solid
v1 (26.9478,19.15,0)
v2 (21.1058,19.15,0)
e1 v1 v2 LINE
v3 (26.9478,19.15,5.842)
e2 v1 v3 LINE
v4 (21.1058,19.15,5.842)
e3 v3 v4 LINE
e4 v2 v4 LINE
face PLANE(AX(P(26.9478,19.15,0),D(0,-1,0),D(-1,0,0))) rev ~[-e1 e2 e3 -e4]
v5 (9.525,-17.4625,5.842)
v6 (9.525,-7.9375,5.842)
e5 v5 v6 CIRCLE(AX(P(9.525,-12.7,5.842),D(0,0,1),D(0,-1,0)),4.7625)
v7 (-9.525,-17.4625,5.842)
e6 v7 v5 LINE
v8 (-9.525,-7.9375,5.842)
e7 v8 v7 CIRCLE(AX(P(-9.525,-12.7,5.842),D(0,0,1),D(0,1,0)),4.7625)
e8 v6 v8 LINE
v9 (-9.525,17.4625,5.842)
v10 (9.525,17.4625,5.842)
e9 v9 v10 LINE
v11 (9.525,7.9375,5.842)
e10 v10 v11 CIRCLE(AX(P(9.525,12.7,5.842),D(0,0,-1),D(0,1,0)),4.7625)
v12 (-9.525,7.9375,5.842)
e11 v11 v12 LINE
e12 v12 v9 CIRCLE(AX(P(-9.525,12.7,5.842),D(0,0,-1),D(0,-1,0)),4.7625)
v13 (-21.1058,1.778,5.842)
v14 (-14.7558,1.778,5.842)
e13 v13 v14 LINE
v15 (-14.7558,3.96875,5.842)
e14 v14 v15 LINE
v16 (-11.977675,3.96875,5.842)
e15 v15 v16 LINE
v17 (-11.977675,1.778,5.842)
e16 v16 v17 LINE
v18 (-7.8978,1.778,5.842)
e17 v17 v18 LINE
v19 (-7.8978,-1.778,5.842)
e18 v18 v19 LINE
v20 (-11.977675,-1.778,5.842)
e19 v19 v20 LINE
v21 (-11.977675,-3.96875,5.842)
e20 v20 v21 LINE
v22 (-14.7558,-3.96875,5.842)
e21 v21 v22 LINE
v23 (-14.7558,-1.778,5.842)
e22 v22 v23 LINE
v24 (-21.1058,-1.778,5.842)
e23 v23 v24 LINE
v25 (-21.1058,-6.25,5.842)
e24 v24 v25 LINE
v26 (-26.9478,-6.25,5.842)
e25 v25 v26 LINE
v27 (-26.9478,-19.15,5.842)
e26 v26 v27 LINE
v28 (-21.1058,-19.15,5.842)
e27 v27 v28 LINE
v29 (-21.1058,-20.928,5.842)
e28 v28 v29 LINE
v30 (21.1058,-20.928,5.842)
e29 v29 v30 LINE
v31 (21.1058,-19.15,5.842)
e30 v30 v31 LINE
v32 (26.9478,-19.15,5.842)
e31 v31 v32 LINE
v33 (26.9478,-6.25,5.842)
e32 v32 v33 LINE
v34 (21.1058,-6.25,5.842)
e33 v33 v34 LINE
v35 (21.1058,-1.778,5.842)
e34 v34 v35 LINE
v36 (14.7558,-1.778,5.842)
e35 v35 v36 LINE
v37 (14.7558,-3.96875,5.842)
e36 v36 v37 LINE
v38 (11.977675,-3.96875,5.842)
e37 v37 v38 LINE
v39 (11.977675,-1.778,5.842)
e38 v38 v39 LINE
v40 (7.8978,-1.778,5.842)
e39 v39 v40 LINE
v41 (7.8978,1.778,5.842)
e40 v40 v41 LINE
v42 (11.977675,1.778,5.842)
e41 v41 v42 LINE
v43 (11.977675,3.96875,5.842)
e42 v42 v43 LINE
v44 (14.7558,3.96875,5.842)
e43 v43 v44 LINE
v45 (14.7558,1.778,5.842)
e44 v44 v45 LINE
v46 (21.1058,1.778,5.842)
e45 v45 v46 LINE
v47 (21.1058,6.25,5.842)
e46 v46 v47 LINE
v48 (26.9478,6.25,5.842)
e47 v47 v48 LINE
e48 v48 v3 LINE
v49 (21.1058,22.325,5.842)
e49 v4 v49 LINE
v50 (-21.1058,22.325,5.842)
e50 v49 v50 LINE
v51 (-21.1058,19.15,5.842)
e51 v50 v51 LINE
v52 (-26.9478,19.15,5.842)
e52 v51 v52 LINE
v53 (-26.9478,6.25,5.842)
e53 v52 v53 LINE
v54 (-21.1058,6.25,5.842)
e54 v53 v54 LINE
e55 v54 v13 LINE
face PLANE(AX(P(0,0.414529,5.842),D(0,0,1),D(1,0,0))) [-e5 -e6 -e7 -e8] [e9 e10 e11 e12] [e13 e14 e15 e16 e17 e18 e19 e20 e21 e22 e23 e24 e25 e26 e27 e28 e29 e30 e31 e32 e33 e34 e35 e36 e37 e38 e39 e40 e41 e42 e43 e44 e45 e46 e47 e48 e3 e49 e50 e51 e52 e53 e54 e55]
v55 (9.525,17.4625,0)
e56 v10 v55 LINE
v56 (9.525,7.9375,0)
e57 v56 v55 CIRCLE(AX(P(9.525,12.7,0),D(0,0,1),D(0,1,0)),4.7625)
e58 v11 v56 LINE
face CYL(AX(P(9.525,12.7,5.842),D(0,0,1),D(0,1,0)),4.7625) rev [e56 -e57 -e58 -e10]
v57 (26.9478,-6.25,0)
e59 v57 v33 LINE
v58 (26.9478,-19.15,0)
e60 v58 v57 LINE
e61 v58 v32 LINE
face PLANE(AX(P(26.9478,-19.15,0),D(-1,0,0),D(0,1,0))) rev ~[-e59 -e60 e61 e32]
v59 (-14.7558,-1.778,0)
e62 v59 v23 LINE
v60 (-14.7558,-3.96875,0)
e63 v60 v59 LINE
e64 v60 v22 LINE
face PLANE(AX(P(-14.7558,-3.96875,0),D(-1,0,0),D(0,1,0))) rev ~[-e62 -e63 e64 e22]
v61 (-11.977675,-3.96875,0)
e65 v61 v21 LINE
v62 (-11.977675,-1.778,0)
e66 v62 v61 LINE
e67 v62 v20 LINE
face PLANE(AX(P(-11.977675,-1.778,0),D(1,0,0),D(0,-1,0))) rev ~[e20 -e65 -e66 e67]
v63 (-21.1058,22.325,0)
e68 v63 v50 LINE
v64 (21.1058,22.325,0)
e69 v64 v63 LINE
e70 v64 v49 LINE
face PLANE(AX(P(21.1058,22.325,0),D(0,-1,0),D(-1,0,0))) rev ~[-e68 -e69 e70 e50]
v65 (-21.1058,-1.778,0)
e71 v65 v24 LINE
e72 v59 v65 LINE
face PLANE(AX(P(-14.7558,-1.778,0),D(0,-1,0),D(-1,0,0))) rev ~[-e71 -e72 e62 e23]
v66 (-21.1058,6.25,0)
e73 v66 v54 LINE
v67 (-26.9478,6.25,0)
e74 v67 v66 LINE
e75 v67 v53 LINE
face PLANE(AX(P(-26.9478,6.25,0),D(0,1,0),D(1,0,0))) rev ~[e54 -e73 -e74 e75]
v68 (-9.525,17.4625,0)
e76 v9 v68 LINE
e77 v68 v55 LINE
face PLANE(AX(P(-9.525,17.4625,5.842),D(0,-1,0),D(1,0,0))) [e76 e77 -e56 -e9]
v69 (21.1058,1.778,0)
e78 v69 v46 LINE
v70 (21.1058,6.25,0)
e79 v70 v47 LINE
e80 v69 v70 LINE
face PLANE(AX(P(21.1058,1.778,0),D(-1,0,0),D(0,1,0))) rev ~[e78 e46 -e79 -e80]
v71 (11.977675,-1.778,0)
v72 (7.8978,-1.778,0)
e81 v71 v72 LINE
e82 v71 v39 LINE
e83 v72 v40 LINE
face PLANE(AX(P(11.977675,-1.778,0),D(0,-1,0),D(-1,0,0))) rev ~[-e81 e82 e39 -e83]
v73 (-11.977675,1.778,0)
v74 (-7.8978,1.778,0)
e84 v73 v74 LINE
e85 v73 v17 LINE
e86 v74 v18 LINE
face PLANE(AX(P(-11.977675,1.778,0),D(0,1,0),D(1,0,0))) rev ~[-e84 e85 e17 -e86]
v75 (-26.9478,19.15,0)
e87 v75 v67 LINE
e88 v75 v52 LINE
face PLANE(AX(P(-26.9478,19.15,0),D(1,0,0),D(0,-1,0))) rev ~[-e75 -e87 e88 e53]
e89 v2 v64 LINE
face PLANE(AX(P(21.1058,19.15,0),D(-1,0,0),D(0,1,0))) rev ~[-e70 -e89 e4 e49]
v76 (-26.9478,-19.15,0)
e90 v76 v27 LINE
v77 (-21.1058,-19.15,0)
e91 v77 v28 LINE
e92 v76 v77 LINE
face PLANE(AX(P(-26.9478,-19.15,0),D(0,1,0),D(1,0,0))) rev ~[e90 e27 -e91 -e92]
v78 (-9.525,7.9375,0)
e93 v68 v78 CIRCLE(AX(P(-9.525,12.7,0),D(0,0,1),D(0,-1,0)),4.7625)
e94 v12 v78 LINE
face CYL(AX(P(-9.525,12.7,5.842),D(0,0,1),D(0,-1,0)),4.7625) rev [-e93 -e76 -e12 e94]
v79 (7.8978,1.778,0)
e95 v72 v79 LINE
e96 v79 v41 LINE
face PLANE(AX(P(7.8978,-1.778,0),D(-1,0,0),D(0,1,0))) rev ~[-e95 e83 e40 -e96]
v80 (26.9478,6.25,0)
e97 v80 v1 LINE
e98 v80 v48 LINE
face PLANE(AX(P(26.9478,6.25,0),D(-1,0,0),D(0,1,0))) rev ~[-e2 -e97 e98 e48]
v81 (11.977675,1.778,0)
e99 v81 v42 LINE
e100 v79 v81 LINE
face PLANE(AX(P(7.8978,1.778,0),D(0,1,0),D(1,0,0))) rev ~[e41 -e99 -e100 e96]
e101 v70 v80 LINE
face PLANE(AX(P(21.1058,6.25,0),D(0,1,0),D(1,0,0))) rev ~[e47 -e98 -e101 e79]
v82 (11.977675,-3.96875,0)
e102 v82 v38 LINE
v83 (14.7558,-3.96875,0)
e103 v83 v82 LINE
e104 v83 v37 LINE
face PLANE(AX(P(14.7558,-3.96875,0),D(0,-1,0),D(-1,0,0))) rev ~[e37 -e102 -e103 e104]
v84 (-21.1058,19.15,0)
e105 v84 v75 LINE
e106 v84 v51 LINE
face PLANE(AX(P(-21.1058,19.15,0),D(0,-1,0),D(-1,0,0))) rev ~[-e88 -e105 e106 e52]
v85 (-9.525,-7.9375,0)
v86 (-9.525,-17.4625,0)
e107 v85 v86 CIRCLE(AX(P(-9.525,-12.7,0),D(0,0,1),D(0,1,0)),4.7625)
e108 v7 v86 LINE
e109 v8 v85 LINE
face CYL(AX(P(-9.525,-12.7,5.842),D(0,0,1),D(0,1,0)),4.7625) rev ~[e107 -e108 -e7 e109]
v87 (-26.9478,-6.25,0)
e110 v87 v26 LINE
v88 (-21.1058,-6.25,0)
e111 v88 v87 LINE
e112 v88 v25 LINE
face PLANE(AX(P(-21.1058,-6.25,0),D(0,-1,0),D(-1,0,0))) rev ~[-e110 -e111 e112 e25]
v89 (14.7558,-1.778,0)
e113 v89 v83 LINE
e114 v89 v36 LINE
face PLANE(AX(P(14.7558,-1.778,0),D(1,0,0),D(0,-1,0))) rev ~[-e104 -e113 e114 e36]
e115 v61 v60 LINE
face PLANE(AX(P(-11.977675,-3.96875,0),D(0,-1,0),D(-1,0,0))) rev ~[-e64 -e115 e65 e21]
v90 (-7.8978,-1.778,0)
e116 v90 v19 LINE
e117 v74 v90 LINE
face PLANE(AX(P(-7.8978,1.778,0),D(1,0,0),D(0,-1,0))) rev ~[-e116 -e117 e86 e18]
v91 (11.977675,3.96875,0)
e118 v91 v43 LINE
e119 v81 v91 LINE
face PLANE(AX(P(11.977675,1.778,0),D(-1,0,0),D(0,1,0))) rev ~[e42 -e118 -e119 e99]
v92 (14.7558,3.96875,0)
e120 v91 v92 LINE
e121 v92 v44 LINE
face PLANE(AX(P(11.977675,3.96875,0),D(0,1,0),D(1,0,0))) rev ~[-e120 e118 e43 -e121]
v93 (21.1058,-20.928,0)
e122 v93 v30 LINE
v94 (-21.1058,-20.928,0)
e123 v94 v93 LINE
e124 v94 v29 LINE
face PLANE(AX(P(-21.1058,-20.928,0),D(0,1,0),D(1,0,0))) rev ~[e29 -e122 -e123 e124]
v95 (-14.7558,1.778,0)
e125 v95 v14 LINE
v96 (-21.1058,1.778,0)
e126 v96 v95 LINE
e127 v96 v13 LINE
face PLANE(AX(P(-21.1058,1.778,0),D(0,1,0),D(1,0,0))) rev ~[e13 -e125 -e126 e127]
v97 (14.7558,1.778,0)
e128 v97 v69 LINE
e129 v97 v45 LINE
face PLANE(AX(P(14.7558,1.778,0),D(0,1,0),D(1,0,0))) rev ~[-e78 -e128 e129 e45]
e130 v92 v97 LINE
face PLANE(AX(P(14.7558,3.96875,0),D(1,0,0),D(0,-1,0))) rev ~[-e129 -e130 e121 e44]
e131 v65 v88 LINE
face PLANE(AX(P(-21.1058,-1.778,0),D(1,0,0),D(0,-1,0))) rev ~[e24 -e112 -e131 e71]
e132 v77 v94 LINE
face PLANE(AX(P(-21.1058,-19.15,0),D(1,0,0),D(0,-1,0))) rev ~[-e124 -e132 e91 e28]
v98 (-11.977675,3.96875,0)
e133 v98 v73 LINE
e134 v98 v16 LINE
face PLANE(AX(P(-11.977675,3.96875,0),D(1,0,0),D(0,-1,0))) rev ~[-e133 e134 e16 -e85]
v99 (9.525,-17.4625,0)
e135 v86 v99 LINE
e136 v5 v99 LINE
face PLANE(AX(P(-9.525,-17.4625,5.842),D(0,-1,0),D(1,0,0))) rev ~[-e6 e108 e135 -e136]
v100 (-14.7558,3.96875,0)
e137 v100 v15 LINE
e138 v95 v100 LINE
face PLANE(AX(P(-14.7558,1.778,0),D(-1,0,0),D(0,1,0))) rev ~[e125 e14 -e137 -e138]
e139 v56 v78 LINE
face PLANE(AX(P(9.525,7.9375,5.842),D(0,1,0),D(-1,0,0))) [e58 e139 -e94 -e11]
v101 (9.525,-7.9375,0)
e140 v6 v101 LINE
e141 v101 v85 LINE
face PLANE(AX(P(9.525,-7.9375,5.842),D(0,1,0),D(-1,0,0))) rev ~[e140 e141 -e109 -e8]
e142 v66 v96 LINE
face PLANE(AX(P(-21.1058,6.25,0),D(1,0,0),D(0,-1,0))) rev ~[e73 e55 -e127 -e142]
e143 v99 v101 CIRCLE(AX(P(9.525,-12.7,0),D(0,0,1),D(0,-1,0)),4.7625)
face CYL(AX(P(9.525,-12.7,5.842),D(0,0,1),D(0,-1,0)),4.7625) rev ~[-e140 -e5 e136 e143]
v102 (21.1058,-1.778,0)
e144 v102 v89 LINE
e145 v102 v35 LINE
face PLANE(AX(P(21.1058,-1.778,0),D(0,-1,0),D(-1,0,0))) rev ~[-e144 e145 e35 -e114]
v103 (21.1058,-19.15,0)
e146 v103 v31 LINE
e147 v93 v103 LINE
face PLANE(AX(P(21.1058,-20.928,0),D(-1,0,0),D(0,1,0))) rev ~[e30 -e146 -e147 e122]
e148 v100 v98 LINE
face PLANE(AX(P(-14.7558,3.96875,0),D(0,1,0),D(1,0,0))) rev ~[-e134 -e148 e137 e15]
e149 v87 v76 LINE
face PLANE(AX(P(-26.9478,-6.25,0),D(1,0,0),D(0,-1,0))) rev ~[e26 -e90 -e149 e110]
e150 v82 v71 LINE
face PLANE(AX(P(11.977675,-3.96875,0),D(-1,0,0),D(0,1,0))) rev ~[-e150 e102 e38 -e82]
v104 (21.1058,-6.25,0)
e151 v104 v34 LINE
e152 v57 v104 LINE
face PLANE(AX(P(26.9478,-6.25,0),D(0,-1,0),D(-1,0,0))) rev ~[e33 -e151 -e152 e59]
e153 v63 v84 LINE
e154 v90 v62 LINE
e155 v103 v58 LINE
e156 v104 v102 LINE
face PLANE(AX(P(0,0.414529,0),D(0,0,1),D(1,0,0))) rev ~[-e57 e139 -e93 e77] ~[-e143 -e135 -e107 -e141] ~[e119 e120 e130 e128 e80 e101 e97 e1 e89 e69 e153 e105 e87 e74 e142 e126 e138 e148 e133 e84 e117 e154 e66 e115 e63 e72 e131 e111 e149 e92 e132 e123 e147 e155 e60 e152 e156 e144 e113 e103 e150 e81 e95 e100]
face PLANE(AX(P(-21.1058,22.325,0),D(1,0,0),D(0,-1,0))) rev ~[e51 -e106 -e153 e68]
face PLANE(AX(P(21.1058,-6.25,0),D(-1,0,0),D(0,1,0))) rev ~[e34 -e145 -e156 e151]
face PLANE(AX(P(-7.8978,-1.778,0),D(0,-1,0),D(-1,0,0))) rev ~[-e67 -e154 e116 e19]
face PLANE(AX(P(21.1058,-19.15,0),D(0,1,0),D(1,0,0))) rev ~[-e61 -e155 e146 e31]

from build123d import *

# Parameters (mm, degrees)
BOSS_EXTRUDE1_DEPTH = 5.842
CUT_EXTRUDE1_DEPTH  = 36.478423215


with BuildPart() as part:
    # Sketch1 → Boss-Extrude1 (new body)
    with BuildSketch(Plane.XY):
        Polygon((21.1058, -20.928), (21.1058, -19.15), (26.9478, -19.15), (26.9478, -6.25), (21.1058, -6.25), (21.1058, -1.778), (14.7558, -1.778), (14.7558, -3.96875), (11.977675, -3.96875), (11.977675, -1.778), (7.8978, -1.778), (7.8978, 1.778), (11.977675, 1.778), (11.977675, 3.96875), (14.7558, 3.96875), (14.7558, 1.778), (21.1058, 1.778), (21.1058, 6.25), (26.9478, 6.25), (26.9478, 19.15), (21.1058, 19.15), (21.1058, 22.325), (-21.1058, 22.325), (-21.1058, 19.15), (-26.9478, 19.15), (-26.9478, 6.25), (-21.1058, 6.25), (-21.1058, 1.778), (-14.7558, 1.778), (-14.7558, 3.96875), (-11.977675, 3.96875), (-11.977675, 1.778), (-7.8978, 1.778), (-7.8978, -1.778), (-11.977675, -1.778), (-11.977675, -3.96875), (-14.7558, -3.96875), (-14.7558, -1.778), (-21.1058, -1.778), (-21.1058, -6.25), (-26.9478, -6.25), (-26.9478, -19.15), (-21.1058, -19.15), (-21.1058, -20.928), align=None)
    extrude(amount=BOSS_EXTRUDE1_DEPTH)

    # Sketch2 → Cut-Extrude1 (cut, through all)
    with BuildSketch(Plane.XY.offset(5.842)):
        with BuildLine():
            Line((-9.525, 17.4625), (9.525, 17.4625))
            ThreePointArc((9.525, 17.4625), (14.2875, 12.7), (9.525, 7.9375))
            Line((9.525, 7.9375), (-9.525, 7.9375))
            ThreePointArc((-9.525, 7.9375), (-14.2875, 12.7), (-9.525, 17.4625))
        make_face()
        with BuildLine():
            Line((-9.525, -17.4625), (9.525, -17.4625))
            ThreePointArc((9.525, -17.4625), (14.2875, -12.7), (9.525, -7.9375))
            Line((9.525, -7.9375), (-9.525, -7.9375))
            ThreePointArc((-9.525, -7.9375), (-14.2875, -12.7), (-9.525, -17.4625))
        make_face()
    extrude(amount=-CUT_EXTRUDE1_DEPTH, mode=Mode.SUBTRACT)


solid = part.part
